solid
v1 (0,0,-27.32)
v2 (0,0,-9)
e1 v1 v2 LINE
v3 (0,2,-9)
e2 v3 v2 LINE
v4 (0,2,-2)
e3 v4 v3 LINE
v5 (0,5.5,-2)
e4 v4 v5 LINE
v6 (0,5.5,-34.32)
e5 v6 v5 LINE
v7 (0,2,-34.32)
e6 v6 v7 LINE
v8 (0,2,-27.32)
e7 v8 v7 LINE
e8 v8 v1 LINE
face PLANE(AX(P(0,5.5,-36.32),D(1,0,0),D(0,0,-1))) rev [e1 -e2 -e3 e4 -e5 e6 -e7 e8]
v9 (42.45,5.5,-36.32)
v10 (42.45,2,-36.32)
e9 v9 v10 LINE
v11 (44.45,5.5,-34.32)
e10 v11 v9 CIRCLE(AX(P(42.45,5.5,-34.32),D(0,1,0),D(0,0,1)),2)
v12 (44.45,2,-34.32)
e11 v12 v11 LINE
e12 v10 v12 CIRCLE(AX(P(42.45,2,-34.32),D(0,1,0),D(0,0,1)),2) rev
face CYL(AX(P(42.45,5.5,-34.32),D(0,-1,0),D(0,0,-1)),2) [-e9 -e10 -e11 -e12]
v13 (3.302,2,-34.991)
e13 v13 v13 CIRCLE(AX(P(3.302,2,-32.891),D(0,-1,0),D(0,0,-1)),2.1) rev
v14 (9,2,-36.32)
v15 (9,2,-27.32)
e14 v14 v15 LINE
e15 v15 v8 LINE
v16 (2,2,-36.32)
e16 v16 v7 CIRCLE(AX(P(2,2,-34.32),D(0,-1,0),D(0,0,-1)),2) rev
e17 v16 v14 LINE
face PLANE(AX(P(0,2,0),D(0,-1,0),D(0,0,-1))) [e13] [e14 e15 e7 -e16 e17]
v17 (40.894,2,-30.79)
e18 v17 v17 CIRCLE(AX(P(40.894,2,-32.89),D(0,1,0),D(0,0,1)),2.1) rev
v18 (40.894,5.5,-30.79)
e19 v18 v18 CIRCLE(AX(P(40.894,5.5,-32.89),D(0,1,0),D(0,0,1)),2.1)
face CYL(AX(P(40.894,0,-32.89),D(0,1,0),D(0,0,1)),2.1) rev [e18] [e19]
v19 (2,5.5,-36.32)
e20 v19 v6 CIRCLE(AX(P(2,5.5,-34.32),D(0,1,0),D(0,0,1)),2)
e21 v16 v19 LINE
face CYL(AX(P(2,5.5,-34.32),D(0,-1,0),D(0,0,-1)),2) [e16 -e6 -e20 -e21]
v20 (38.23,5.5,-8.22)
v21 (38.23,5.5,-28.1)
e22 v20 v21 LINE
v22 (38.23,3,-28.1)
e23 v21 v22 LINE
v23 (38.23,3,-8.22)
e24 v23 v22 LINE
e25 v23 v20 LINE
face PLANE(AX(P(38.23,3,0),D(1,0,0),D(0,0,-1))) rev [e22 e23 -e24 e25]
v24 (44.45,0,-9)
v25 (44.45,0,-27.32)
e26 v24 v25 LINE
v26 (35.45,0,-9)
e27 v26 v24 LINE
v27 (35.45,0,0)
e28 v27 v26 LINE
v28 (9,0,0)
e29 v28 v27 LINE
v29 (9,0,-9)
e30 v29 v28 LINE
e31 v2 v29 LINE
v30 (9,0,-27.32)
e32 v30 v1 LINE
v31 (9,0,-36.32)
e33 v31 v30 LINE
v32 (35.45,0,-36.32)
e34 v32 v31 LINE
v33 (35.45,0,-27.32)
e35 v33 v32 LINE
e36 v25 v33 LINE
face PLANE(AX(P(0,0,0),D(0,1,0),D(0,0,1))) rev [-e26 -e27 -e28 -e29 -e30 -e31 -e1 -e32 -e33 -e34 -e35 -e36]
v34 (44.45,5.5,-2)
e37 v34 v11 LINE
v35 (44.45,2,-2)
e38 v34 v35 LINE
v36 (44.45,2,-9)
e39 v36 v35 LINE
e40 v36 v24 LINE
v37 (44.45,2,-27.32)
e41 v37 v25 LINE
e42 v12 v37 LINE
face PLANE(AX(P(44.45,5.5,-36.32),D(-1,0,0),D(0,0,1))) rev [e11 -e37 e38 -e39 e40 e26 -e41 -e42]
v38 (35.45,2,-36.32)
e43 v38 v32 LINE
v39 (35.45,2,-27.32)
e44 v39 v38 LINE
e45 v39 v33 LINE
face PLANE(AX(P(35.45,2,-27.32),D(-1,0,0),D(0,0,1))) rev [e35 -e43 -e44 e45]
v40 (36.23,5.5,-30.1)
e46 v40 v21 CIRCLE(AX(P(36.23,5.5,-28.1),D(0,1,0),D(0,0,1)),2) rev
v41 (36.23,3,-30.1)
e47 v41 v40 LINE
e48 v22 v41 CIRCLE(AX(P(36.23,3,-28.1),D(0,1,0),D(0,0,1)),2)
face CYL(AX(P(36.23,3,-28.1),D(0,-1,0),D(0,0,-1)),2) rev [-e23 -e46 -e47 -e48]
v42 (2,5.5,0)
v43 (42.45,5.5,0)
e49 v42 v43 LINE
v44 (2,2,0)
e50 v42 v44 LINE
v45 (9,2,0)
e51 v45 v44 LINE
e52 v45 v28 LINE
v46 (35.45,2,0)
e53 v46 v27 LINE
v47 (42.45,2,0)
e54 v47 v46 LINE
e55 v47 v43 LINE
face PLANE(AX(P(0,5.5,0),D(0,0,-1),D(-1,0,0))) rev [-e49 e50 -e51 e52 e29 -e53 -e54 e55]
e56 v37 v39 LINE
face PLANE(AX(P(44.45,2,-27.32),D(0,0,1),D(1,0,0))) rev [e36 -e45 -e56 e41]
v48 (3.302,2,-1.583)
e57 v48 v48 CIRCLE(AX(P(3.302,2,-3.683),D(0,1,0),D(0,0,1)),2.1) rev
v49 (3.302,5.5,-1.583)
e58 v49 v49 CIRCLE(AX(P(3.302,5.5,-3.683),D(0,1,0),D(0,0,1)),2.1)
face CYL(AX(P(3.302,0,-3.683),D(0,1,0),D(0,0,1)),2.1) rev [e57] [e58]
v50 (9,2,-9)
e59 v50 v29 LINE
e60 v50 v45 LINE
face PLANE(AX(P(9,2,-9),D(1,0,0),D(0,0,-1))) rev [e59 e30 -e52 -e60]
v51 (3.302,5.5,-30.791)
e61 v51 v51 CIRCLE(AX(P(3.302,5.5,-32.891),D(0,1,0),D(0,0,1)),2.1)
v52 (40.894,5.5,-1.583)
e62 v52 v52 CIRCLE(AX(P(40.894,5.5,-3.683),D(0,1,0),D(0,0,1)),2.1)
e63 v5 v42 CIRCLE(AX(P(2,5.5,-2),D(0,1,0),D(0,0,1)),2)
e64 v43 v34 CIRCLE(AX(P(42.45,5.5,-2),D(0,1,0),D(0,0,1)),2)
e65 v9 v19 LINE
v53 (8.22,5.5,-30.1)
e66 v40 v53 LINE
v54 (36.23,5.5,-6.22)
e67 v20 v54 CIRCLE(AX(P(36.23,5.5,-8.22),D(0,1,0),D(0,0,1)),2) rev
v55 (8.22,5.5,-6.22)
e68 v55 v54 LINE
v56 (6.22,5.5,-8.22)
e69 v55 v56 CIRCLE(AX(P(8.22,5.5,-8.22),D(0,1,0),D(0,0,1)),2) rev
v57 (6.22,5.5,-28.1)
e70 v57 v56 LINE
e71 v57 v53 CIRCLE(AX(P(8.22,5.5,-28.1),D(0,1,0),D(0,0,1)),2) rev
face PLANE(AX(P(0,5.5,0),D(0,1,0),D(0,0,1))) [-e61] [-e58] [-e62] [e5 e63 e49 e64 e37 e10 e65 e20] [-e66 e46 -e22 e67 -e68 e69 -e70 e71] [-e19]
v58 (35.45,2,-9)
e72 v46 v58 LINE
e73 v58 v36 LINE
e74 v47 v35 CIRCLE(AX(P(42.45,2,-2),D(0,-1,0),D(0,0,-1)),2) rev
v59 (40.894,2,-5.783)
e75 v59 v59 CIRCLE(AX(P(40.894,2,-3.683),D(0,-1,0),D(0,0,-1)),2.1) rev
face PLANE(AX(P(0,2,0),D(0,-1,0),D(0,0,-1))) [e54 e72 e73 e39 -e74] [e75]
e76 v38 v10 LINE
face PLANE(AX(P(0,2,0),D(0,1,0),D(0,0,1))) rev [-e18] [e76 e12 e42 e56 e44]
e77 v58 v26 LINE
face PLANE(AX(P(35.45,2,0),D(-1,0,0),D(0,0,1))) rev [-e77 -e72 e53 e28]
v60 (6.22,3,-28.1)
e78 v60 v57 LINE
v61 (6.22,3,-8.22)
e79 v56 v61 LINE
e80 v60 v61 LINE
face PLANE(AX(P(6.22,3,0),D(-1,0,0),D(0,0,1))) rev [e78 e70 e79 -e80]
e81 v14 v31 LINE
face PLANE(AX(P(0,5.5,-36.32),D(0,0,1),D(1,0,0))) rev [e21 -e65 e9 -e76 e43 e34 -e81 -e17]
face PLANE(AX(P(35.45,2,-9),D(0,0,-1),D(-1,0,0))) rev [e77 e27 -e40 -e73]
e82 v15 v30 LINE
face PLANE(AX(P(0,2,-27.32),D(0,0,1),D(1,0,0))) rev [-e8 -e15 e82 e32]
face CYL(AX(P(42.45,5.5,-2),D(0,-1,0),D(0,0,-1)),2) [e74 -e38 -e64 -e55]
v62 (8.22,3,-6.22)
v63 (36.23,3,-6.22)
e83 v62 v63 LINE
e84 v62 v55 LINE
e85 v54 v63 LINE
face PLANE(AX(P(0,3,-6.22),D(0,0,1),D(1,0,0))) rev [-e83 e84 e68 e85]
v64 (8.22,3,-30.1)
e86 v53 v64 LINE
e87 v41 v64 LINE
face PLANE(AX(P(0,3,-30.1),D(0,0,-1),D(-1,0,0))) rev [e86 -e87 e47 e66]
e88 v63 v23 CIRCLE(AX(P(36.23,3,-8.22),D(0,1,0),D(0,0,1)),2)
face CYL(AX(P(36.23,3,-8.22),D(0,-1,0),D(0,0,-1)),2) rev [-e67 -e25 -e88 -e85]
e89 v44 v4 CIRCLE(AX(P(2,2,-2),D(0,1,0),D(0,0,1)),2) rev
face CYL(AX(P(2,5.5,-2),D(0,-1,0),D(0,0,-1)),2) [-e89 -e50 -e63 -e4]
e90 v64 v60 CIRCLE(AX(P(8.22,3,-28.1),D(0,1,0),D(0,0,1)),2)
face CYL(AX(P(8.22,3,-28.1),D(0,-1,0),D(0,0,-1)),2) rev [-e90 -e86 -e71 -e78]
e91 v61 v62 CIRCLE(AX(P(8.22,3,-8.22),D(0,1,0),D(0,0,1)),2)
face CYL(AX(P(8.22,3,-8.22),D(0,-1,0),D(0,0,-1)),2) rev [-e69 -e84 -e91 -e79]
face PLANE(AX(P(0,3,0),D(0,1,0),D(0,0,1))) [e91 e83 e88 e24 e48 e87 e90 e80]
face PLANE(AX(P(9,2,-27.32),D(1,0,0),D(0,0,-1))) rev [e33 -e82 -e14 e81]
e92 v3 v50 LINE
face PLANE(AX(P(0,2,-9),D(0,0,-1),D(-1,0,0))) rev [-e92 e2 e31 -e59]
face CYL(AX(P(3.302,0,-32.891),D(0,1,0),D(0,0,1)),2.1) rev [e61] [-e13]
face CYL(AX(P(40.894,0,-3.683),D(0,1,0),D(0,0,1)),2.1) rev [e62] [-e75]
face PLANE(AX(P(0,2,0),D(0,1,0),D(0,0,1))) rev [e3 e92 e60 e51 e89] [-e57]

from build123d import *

# Parameters (mm, degrees)
SKETCH_1_W          = 44.45
SKETCH_1_H          = 36.32
EXTRUDE_1_DEPTH     = 5.5
SKETCH_2_R          = 2.1
CUT_EXTRUDE_1_DEPTH = 58.664502946
FILLET_2_R          = 2
CUT_EXTRUDE_START   = -5.5
SKETCH_5_W          = 32.01
SKETCH_5_H          = 23.88
CUT_EXTRUDE_2_DEPTH = 2.5
FILLET_3_R          = 2
SKETCH_6_W          = 9
SKETCH_6_H          = 9
CUT_EXTRUDE_3_DEPTH = 2


with BuildPart() as part:
    # Эскиз1 → Бобышка-Вытянуть1 (new body)
    with BuildSketch(Plane(origin=(0, 0, 0), x_dir=(1, 0, 0), z_dir=(0, 1, 0))):
        with Locations((22.225, 18.16)):
            Rectangle(SKETCH_1_W, SKETCH_1_H)
    extrude(amount=EXTRUDE_1_DEPTH)

    # Эскиз2 → Вырез-Вытянуть1 (cut, through all)
    with BuildSketch(Plane(origin=(0, 5.5, 0), x_dir=(1, 0, 0), z_dir=(0, 1, 0))):
        with Locations(Location((3.302, 32.891, 0), (0, 0, 270))):
            Circle(SKETCH_2_R)
        with Locations(Location((40.894, 32.89, 0), (0, 0, 270))):
            Circle(SKETCH_2_R)
        with Locations(Location((40.894, 3.683, 0), (0, 0, 270))):
            Circle(SKETCH_2_R)
        with Locations(Location((3.302, 3.683, 0), (0, 0, 270))):
            Circle(SKETCH_2_R)
    extrude(amount=-CUT_EXTRUDE_1_DEPTH, mode=Mode.SUBTRACT)

    # Скругление2
    fillet_2_edges = [part.edges().sort_by_distance(p)[0] for p in [
        (0, 2.75, -36.32),
        (44.45, 2.75, -36.32),
        (44.45, 2.75, 0),
        (0, 2.75, 0),
    ]]
    fillet(fillet_2_edges, radius=FILLET_2_R)

    # Эскиз5 → Вырез-Вытянуть2 (cut)
    with BuildSketch(Plane.XZ.offset(CUT_EXTRUDE_START)):
        with Locations((22.225, -18.16)):
            Rectangle(SKETCH_5_W, SKETCH_5_H)
    extrude(amount=CUT_EXTRUDE_2_DEPTH, mode=Mode.SUBTRACT)

    # Скругление3
    fillet_3_edges = [part.edges().sort_by_distance(p)[0] for p in [
        (6.22, 4.25, -30.1),
        (38.23, 4.25, -30.1),
        (38.23, 4.25, -6.22),
        (6.22, 4.25, -6.22),
    ]]
    fillet(fillet_3_edges, radius=FILLET_3_R)

    # Эскиз6 → Вырез-Вытянуть3 (cut)
    with BuildSketch(Plane.XZ):
        with Locations((4.5, -4.5)):
            Rectangle(SKETCH_6_W, SKETCH_6_H)
        with Locations((39.95, -4.5)):
            Rectangle(SKETCH_6_W, SKETCH_6_H)
        with Locations((39.95, -31.82)):
            Rectangle(SKETCH_6_W, SKETCH_6_H)
        with Locations((4.5, -31.82)):
            Rectangle(SKETCH_6_W, SKETCH_6_H)
    extrude(amount=-CUT_EXTRUDE_3_DEPTH, mode=Mode.SUBTRACT)


solid = part.part
